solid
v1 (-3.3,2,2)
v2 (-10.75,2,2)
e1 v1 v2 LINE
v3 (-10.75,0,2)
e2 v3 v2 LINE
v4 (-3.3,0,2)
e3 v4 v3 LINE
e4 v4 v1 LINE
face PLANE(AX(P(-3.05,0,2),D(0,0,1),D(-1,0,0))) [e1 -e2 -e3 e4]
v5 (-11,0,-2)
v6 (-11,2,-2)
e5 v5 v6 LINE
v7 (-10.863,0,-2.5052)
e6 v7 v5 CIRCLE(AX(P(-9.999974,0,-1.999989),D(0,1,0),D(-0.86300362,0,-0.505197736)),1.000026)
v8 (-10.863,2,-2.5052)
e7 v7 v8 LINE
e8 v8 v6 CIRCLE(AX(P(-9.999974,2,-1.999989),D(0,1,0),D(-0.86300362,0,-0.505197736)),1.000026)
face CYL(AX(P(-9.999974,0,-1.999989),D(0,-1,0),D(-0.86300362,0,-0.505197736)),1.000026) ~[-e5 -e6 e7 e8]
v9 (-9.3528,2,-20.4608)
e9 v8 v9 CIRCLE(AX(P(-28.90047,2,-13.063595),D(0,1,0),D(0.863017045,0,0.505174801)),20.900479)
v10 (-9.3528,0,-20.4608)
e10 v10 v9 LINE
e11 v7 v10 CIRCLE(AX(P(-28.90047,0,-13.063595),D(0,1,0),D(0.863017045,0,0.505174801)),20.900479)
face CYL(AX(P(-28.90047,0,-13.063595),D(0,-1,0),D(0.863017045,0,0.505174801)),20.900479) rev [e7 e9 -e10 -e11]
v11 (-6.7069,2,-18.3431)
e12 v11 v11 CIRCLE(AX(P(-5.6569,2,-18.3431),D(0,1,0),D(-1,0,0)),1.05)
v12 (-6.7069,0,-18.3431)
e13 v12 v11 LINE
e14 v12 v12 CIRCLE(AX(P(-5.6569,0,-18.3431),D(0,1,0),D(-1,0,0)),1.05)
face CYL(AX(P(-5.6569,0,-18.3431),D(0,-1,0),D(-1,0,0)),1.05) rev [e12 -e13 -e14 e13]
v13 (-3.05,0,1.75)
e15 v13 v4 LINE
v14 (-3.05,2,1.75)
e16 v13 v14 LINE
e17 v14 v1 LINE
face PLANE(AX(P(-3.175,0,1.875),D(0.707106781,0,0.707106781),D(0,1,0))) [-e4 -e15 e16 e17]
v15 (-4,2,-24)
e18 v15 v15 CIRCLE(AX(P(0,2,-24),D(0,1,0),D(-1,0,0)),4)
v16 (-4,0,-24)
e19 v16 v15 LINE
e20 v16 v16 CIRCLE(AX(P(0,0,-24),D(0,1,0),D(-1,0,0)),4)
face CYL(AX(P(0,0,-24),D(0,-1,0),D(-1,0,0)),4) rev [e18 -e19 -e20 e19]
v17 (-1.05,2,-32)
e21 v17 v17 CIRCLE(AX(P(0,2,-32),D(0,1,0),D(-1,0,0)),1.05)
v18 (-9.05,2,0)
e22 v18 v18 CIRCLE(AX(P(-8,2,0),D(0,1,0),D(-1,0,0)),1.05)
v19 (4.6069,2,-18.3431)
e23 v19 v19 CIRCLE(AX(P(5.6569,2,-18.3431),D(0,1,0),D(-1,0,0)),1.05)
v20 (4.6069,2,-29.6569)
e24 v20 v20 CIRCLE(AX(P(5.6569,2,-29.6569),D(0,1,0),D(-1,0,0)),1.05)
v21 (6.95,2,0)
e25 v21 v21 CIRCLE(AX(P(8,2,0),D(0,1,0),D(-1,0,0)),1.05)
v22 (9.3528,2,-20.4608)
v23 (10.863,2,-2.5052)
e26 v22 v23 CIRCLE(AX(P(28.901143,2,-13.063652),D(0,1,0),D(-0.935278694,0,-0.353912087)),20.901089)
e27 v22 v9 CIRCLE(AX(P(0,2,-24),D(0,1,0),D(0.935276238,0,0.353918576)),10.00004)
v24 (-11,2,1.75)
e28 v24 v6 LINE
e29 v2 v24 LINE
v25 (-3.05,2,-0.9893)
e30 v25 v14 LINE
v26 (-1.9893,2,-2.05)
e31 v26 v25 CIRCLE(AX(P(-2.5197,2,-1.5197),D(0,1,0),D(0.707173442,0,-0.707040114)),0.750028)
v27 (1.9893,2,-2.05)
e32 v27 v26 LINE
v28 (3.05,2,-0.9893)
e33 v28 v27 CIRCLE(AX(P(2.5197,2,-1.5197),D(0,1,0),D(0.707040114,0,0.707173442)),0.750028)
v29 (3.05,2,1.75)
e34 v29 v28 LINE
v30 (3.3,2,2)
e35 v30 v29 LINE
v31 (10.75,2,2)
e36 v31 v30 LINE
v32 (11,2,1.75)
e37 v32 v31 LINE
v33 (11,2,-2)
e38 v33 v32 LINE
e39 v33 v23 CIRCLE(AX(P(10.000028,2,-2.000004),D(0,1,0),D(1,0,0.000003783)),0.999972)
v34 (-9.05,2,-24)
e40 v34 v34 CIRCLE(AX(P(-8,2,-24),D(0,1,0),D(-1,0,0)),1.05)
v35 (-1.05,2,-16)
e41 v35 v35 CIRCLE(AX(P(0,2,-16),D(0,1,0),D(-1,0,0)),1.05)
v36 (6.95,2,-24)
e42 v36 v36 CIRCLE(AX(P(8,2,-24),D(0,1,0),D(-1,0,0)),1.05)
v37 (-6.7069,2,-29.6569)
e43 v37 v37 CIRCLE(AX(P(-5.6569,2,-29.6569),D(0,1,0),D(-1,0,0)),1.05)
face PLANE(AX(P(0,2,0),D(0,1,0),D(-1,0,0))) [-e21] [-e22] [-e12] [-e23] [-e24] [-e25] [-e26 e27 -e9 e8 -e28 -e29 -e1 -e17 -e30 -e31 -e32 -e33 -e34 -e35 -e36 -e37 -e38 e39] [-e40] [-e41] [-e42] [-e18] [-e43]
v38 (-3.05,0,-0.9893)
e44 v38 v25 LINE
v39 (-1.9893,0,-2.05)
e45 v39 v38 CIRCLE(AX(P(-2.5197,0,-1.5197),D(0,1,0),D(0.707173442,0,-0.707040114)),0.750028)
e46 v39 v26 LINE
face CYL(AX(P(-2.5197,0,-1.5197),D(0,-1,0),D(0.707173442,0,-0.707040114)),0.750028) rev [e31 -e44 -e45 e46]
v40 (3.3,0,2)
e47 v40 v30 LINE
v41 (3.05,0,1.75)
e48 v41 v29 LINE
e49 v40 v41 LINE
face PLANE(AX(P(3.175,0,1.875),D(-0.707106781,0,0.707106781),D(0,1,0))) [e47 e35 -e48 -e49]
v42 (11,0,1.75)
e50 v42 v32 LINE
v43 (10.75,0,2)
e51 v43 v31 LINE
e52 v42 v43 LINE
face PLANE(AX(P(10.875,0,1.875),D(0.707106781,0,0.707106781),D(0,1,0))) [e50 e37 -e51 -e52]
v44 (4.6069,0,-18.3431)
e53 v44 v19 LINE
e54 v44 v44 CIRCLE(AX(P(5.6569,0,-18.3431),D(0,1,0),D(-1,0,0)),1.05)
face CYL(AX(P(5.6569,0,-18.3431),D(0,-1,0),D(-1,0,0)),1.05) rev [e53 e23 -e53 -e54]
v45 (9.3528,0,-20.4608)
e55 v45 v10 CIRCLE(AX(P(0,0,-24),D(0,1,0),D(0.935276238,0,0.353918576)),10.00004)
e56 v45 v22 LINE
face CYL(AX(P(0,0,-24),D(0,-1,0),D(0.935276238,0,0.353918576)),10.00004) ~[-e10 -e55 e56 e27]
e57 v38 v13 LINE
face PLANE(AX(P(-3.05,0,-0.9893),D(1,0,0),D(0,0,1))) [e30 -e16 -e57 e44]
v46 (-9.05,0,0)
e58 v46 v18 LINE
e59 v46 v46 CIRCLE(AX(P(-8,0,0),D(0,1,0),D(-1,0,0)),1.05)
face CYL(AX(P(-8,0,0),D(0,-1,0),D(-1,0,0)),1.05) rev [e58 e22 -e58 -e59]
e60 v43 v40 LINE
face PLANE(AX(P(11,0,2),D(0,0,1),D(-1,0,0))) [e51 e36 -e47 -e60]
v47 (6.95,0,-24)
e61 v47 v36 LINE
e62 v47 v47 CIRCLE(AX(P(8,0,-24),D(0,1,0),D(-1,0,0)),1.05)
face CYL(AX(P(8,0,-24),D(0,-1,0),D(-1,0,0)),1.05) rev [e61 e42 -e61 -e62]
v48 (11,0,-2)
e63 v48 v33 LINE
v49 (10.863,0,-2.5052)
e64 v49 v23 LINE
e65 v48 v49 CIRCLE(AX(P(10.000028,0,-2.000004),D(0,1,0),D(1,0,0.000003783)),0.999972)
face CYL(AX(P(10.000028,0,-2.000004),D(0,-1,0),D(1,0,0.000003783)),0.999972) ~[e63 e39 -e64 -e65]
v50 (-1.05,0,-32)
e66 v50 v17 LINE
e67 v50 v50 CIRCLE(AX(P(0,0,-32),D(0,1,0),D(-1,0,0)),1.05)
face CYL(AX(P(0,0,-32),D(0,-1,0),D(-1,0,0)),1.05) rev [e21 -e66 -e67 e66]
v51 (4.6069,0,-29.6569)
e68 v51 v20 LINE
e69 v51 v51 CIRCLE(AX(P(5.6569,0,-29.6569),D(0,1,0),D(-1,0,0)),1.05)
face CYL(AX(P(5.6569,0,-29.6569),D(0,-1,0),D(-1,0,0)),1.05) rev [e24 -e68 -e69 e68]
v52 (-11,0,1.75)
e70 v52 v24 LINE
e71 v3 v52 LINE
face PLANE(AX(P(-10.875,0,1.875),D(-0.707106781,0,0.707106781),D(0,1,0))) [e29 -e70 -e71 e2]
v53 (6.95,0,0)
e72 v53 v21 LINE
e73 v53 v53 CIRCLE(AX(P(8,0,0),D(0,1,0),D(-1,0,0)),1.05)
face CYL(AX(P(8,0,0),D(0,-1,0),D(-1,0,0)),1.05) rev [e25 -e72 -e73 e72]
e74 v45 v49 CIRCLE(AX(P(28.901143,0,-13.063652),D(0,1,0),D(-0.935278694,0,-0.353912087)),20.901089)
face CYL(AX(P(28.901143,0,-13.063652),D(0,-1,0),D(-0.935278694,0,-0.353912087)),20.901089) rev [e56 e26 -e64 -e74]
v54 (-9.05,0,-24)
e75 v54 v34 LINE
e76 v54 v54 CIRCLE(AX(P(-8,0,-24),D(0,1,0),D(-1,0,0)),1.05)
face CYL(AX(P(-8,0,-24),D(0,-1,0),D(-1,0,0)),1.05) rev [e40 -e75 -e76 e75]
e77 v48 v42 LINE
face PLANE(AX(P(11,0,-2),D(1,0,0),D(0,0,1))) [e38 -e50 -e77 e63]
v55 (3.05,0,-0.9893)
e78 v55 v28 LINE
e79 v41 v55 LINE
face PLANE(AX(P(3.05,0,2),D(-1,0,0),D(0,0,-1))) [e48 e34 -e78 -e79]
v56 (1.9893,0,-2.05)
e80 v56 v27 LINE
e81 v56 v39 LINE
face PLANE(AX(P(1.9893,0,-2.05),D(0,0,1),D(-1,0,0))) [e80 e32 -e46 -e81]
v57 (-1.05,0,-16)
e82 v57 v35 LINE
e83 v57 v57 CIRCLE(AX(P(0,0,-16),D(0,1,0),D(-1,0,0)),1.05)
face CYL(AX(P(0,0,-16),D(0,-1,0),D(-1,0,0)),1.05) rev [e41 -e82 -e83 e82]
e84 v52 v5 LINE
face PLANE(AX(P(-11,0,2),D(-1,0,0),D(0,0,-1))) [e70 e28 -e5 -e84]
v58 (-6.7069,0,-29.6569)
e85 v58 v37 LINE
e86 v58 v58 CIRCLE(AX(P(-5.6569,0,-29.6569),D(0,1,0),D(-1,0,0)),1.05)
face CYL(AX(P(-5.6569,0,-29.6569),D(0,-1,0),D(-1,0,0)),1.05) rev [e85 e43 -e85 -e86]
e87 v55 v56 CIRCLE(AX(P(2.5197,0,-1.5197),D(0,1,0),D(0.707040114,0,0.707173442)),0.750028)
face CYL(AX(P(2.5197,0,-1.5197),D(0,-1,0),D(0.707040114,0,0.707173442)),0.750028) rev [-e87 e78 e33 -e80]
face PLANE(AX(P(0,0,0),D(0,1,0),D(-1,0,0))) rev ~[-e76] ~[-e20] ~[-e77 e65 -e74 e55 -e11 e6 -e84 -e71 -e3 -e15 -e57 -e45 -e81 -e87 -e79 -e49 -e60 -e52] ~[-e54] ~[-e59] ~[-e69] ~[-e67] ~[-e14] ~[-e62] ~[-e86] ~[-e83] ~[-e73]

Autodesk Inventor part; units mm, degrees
ref_plane "YZ Plane" through (0, 0, 0) normal (1, 0, 0) x (0, 1, 0)
ref_plane "XZ Plane" through (0, 0, 0) normal (0, 1, 0) x (-1, 0, 0)
ref_plane "XY Plane" through (0, 0, 0) normal (0, 0, 1) x (1, 0, 0)
sketch "スケッチ1" plane through (0, 0, 0) normal (0, 1, 0) x (-1, 0, 0)
  line L0 (0, 0) -> (0, -24) construction
  circle A0 centre (0, -24) radius 4
  arc A1 (-9.3528, -20.4608) -> (9.3528, -20.4608) centre (0, -24) ccw
  line L1 (11, -2) -> (-11, -2) construction
  line L2 (-11, -2) -> (-11, 2)
  line L3 (11, 2) -> (11, -2)
  line L4 (11, 0) -> (-11, 0) construction
  circle A2 centre (8, 0) radius 1.05
  circle A3 centre (-8, 0) radius 1.05
  circle A4 centre (0, -24) radius 8 construction
  circle A5 centre (5.6569, -18.3431) radius 1.05
  circle A6 centre (0, -16) radius 1.05
  circle A7 centre (-5.6569, -18.3431) radius 1.05
  circle A8 centre (-8, -24) radius 1.05
  circle A9 centre (-5.6569, -29.6569) radius 1.05
  circle A10 centre (0, -32) radius 1.05
  circle A11 centre (5.6569, -29.6569) radius 1.05
  circle A12 centre (8, -24) radius 1.05
  line L5 (-3.05, 2) -> (-3.05, -0.9893)
  line L6 (-3.05, -2.05) -> (-1.9893, -2.05) construction
  arc A13 (1.9893, -2.05) -> (3.05, -0.9893) centre (2.5197, -1.5197) ccw
  line L7 (3.05, -2.05) -> (2.5197, -1.5197) construction
  line L8 (3.05, -0.9893) -> (3.05, 2)
  arc A14 (-3.05, -0.9893) -> (-1.9893, -2.05) centre (-2.5197, -1.5197) ccw
  line L9 (-3.05, -2.05) -> (-2.5197, -1.5197) construction
  line L10 (-3.05, -0.9893) -> (-3.05, -2.05) construction
  line L11 (-1.9893, -2.05) -> (1.9893, -2.05)
  line L12 (3.05, -0.9893) -> (3.05, -2.05) construction
  line L13 (1.9893, -2.05) -> (3.05, -2.05) construction
  line L14 (-11, 2) -> (-3.05, 2)
  line L15 (3.05, 2) -> (11, 2)
  arc A15 (10.863, -2.5052) -> (11, -2) centre (10, -2) ccw
  arc A16 (10.863, -2.5052) -> (9.3528, -20.4608) centre (28.9008, -13.0637) ccw
  line L16 (8, -6.3971) -> (8, -16.9723) construction
  arc A17 (-11, -2) -> (-10.863, -2.5052) centre (-10, -2) ccw
  arc A18 (-9.3528, -20.4608) -> (-10.863, -2.5052) centre (-28.9008, -13.0637) ccw
  dimension "d18" = 16
  dimension "d0" = 22
  dimension "d1" = 8
  dimension "d2" = 10
  dimension "d5" = 16
  dimension "d6" = 2.1
  dimension "d16" = 360
  dimension "d19" = 2.1
  dimension "d20" = 22
  dimension "d23" = 0.75
  dimension "d26" = 6.1
  dimension "d28" = 45
  dimension "d29" = 0.75
  dimension "d30" = 45
  dimension "d32" = 4
  dimension "d33" = 4.05
  dimension "d34" = 1
  dimension "d35" = 16
extrude "押し出し1" add sketch "スケッチ1" along normal blind 2
chamfer "面取り1" distance 0.25 angle 45 4 edges at (11, 1, 2) (-11, 1, 2) (-3.05, 1, 2) (3.05, 1, 2)
sketch "Sketch6" plane through (0, 2, 0) normal (0, 1, 0) x (1, 0, 0)
  line L0 (3.3, -2) -> (3.05, -1.75) projected
  line L1 (3.3, -2) -> (10.75, -2) projected
  line L2 (11, -1.75) -> (10.75, -2) projected
  line L3 (11, -1.75) -> (11, 2) projected
  arc A0 (11, 2) -> (10.863, 2.5052) centre (10, 2) ccw projected
  arc A1 (9.3528, 20.4608) -> (10.863, 2.5052) centre (28.9008, 13.0637) ccw projected
  arc A2 (9.3528, 20.4608) -> (-9.3528, 20.4608) centre (0, 24) ccw projected
  arc A3 (-10.863, 2.5052) -> (-9.3528, 20.4608) centre (-28.9008, 13.0637) ccw projected
  arc A4 (-10.863, 2.5052) -> (-11, 2) centre (-10, 2) ccw projected
  line L4 (-11, 2) -> (-11, -1.75) projected
  line L5 (-10.75, -2) -> (-11, -1.75) projected
  line L6 (-10.75, -2) -> (-3.3, -2) projected
  line L7 (-3.05, -1.75) -> (-3.3, -2) projected
  line L8 (-3.05, -1.75) -> (-3.05, 0.9893) projected
  arc A5 (-1.9893, 2.05) -> (-3.05, 0.9893) centre (-2.5197, 1.5197) ccw projected
  line L9 (-1.9893, 2.05) -> (1.9893, 2.05) projected
  arc A6 (3.05, 0.9893) -> (1.9893, 2.05) centre (2.5197, 1.5197) ccw projected
  line L10 (3.05, 0.9893) -> (3.05, -1.75) projected
  circle A7 centre (0, 24) radius 4 projected
  circle A8 centre (-8, 24) radius 1.05 projected
  circle A9 centre (-5.6569, 29.6569) radius 1.05 projected
  circle A10 centre (0, 32) radius 1.05 projected
  circle A11 centre (5.6569, 29.6569) radius 1.05 projected
  circle A12 centre (8, 24) radius 1.05 projected
  circle A13 centre (5.6569, 18.3431) radius 1.05 projected
  circle A14 centre (0, 16) radius 1.05 projected
  circle A15 centre (-5.6569, 18.3431) radius 1.05 projected
  circle A16 centre (8, 0) radius 1.05 projected
  circle A17 centre (-8, 0) radius 1.05 projected
  point P0 (0, 0)
properties part number "16_046_COXA_FRAME_5_R1"
